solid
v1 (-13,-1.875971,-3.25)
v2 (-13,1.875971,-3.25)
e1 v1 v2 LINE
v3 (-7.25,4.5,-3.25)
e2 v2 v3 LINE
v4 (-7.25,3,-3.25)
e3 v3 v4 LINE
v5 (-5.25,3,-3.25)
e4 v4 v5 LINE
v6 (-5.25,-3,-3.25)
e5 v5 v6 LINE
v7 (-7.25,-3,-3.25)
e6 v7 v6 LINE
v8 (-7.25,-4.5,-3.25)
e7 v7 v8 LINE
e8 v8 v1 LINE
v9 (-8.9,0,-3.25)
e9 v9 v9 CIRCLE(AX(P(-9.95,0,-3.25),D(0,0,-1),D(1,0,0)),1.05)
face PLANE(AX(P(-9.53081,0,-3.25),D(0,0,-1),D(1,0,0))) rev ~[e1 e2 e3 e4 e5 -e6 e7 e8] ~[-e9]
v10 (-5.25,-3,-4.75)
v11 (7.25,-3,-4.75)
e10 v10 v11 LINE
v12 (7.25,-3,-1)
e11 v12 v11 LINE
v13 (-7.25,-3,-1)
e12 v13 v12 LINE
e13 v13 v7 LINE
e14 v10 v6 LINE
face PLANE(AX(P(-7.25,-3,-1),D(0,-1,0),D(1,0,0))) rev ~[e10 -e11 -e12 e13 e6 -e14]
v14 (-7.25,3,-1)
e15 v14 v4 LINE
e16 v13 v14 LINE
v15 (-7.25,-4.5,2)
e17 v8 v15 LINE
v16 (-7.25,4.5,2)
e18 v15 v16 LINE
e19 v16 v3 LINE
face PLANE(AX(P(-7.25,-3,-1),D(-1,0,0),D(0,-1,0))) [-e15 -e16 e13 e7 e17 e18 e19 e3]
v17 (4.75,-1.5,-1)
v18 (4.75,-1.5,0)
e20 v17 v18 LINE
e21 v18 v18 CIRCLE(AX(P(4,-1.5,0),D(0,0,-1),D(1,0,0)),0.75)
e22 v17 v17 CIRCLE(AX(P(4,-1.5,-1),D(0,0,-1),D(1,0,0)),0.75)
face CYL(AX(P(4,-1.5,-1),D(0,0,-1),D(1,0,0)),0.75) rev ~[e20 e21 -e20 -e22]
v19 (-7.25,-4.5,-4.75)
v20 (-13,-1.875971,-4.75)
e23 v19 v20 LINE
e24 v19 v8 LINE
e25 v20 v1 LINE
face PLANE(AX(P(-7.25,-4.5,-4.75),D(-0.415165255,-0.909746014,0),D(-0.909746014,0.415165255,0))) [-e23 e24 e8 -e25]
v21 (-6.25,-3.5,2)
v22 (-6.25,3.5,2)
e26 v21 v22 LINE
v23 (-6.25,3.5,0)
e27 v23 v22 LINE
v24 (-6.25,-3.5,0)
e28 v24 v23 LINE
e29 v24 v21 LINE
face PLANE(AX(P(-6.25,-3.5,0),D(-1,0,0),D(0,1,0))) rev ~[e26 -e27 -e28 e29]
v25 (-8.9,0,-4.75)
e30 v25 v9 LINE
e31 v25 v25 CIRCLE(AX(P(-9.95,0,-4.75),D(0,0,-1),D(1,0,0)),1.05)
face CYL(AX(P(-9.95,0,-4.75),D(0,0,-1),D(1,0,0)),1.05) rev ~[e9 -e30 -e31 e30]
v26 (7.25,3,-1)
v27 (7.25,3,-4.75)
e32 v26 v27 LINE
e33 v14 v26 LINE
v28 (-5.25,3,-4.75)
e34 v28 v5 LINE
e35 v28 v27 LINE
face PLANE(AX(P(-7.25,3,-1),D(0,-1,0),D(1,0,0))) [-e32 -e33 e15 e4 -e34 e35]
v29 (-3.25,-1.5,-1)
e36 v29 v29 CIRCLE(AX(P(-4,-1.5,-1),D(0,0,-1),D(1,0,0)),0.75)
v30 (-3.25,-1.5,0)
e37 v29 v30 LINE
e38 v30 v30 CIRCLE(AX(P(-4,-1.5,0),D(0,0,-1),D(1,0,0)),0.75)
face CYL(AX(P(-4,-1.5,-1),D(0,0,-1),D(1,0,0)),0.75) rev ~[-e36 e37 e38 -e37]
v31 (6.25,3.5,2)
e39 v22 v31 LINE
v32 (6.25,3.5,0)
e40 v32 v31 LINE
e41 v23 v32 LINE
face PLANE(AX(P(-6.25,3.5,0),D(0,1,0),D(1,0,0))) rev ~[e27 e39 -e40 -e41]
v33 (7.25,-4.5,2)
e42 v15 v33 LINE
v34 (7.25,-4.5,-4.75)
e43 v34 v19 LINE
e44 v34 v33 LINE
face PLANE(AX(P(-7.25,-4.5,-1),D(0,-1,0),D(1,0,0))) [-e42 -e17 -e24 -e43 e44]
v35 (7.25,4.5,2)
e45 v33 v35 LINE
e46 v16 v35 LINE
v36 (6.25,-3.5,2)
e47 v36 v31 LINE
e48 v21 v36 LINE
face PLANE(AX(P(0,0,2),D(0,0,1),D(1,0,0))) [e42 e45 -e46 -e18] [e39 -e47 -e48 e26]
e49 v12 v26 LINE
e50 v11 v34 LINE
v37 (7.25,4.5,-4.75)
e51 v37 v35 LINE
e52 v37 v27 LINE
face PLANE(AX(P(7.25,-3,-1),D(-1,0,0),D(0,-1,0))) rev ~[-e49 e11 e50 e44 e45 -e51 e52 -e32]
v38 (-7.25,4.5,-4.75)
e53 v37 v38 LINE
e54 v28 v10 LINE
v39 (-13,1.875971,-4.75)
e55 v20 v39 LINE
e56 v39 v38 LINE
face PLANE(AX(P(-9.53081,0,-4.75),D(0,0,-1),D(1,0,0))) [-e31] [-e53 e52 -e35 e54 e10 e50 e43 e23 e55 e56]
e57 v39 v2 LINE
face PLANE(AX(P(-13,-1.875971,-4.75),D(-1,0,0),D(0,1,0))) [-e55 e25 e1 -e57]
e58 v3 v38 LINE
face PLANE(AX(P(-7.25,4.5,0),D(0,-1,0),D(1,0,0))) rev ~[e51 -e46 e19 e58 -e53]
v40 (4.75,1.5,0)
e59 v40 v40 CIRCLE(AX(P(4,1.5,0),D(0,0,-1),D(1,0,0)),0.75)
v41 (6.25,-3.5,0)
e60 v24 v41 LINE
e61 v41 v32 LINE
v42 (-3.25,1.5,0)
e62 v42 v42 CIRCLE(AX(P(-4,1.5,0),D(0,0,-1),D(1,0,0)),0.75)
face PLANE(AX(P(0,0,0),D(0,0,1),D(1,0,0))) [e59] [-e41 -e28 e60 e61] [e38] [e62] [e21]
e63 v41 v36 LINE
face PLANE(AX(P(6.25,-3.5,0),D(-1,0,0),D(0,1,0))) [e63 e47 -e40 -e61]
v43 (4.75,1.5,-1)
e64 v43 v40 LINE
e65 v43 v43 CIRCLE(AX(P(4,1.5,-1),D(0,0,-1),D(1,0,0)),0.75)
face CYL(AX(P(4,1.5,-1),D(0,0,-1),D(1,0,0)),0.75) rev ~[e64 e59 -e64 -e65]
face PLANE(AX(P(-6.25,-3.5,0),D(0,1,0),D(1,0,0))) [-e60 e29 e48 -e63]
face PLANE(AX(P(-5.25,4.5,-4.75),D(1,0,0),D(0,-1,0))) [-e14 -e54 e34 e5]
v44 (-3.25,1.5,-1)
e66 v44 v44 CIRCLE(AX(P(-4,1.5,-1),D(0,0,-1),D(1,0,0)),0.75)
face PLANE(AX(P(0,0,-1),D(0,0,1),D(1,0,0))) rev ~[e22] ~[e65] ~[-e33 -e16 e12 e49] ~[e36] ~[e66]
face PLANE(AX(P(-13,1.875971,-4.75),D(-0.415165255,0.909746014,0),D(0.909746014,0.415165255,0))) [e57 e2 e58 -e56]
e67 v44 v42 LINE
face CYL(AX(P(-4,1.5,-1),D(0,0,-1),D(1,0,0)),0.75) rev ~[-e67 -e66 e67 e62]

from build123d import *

# Parameters (mm, degrees)
F0_W     = 14.5
F0_H     = 9
F0_W_2   = 12.5
F0_H_2   = 7
F1_DEPTH = 2
F2_DEPTH = 1
F3_R     = 0.75
F4_DEPTH = 3.001
F5_W     = 14.5
F5_H     = 1.5
F6_DEPTH = 3.75
F7_R     = 1.05
F7_W     = 2
F7_H     = 9
F8_DEPTH = 1.5


with BuildPart() as f1:
    # F0 (on Top) → F1 (new body)
    with BuildSketch(Plane.XY):
        Rectangle(F0_W, F0_H)
        Rectangle(F0_W_2, F0_H_2, mode=Mode.SUBTRACT)
    extrude(amount=F1_DEPTH)

    # F0 (on Top) → F2 (join)
    with BuildSketch(Plane.XY):
        Rectangle(F0_W, F0_H)
        Rectangle(F0_W_2, F0_H_2, mode=Mode.SUBTRACT)
        Rectangle(F0_W_2, F0_H_2)
    extrude(amount=-F2_DEPTH)

    # F3 (on face) → F4 (cut, through all)
    with BuildSketch(Plane(origin=(0, 0, -1), x_dir=(1, 0, 0), z_dir=(0, 0, -1))):
        with Locations((-4, 1.5)):
            Circle(F3_R)
        with Locations((4, 1.5)):
            Circle(F3_R)
        with Locations((4, -1.5)):
            Circle(F3_R)
        with Locations((-4, -1.5)):
            Circle(F3_R)
    extrude(amount=-F4_DEPTH, mode=Mode.SUBTRACT)

    # F5 (on face) → F6 (join)
    with BuildSketch(Plane(origin=(0, 0, -1), x_dir=(1, 0, 0), z_dir=(0, 0, -1))):
        with Locations((0, 3.75)):
            Rectangle(F5_W, F5_H)
        with Locations((0, -3.75)):
            Rectangle(F5_W, F5_H)
    extrude(amount=F6_DEPTH)

    # F7 (on face) → F8 (join)
    with BuildSketch(Plane(origin=(0, 0, -4.75), x_dir=(1, 0, 0), z_dir=(0, 0, -1))):
        Polygon((-13, -1.8759706765), (-7.25, -4.5), (-7.25, 4.5), (-13, 1.8759706765), align=None)
        with Locations((-9.95, 0)):
            Circle(F7_R, mode=Mode.SUBTRACT)
        with Locations((-6.25, 0)):
            Rectangle(F7_W, F7_H)
    extrude(amount=-F8_DEPTH)


solid = f1.part
